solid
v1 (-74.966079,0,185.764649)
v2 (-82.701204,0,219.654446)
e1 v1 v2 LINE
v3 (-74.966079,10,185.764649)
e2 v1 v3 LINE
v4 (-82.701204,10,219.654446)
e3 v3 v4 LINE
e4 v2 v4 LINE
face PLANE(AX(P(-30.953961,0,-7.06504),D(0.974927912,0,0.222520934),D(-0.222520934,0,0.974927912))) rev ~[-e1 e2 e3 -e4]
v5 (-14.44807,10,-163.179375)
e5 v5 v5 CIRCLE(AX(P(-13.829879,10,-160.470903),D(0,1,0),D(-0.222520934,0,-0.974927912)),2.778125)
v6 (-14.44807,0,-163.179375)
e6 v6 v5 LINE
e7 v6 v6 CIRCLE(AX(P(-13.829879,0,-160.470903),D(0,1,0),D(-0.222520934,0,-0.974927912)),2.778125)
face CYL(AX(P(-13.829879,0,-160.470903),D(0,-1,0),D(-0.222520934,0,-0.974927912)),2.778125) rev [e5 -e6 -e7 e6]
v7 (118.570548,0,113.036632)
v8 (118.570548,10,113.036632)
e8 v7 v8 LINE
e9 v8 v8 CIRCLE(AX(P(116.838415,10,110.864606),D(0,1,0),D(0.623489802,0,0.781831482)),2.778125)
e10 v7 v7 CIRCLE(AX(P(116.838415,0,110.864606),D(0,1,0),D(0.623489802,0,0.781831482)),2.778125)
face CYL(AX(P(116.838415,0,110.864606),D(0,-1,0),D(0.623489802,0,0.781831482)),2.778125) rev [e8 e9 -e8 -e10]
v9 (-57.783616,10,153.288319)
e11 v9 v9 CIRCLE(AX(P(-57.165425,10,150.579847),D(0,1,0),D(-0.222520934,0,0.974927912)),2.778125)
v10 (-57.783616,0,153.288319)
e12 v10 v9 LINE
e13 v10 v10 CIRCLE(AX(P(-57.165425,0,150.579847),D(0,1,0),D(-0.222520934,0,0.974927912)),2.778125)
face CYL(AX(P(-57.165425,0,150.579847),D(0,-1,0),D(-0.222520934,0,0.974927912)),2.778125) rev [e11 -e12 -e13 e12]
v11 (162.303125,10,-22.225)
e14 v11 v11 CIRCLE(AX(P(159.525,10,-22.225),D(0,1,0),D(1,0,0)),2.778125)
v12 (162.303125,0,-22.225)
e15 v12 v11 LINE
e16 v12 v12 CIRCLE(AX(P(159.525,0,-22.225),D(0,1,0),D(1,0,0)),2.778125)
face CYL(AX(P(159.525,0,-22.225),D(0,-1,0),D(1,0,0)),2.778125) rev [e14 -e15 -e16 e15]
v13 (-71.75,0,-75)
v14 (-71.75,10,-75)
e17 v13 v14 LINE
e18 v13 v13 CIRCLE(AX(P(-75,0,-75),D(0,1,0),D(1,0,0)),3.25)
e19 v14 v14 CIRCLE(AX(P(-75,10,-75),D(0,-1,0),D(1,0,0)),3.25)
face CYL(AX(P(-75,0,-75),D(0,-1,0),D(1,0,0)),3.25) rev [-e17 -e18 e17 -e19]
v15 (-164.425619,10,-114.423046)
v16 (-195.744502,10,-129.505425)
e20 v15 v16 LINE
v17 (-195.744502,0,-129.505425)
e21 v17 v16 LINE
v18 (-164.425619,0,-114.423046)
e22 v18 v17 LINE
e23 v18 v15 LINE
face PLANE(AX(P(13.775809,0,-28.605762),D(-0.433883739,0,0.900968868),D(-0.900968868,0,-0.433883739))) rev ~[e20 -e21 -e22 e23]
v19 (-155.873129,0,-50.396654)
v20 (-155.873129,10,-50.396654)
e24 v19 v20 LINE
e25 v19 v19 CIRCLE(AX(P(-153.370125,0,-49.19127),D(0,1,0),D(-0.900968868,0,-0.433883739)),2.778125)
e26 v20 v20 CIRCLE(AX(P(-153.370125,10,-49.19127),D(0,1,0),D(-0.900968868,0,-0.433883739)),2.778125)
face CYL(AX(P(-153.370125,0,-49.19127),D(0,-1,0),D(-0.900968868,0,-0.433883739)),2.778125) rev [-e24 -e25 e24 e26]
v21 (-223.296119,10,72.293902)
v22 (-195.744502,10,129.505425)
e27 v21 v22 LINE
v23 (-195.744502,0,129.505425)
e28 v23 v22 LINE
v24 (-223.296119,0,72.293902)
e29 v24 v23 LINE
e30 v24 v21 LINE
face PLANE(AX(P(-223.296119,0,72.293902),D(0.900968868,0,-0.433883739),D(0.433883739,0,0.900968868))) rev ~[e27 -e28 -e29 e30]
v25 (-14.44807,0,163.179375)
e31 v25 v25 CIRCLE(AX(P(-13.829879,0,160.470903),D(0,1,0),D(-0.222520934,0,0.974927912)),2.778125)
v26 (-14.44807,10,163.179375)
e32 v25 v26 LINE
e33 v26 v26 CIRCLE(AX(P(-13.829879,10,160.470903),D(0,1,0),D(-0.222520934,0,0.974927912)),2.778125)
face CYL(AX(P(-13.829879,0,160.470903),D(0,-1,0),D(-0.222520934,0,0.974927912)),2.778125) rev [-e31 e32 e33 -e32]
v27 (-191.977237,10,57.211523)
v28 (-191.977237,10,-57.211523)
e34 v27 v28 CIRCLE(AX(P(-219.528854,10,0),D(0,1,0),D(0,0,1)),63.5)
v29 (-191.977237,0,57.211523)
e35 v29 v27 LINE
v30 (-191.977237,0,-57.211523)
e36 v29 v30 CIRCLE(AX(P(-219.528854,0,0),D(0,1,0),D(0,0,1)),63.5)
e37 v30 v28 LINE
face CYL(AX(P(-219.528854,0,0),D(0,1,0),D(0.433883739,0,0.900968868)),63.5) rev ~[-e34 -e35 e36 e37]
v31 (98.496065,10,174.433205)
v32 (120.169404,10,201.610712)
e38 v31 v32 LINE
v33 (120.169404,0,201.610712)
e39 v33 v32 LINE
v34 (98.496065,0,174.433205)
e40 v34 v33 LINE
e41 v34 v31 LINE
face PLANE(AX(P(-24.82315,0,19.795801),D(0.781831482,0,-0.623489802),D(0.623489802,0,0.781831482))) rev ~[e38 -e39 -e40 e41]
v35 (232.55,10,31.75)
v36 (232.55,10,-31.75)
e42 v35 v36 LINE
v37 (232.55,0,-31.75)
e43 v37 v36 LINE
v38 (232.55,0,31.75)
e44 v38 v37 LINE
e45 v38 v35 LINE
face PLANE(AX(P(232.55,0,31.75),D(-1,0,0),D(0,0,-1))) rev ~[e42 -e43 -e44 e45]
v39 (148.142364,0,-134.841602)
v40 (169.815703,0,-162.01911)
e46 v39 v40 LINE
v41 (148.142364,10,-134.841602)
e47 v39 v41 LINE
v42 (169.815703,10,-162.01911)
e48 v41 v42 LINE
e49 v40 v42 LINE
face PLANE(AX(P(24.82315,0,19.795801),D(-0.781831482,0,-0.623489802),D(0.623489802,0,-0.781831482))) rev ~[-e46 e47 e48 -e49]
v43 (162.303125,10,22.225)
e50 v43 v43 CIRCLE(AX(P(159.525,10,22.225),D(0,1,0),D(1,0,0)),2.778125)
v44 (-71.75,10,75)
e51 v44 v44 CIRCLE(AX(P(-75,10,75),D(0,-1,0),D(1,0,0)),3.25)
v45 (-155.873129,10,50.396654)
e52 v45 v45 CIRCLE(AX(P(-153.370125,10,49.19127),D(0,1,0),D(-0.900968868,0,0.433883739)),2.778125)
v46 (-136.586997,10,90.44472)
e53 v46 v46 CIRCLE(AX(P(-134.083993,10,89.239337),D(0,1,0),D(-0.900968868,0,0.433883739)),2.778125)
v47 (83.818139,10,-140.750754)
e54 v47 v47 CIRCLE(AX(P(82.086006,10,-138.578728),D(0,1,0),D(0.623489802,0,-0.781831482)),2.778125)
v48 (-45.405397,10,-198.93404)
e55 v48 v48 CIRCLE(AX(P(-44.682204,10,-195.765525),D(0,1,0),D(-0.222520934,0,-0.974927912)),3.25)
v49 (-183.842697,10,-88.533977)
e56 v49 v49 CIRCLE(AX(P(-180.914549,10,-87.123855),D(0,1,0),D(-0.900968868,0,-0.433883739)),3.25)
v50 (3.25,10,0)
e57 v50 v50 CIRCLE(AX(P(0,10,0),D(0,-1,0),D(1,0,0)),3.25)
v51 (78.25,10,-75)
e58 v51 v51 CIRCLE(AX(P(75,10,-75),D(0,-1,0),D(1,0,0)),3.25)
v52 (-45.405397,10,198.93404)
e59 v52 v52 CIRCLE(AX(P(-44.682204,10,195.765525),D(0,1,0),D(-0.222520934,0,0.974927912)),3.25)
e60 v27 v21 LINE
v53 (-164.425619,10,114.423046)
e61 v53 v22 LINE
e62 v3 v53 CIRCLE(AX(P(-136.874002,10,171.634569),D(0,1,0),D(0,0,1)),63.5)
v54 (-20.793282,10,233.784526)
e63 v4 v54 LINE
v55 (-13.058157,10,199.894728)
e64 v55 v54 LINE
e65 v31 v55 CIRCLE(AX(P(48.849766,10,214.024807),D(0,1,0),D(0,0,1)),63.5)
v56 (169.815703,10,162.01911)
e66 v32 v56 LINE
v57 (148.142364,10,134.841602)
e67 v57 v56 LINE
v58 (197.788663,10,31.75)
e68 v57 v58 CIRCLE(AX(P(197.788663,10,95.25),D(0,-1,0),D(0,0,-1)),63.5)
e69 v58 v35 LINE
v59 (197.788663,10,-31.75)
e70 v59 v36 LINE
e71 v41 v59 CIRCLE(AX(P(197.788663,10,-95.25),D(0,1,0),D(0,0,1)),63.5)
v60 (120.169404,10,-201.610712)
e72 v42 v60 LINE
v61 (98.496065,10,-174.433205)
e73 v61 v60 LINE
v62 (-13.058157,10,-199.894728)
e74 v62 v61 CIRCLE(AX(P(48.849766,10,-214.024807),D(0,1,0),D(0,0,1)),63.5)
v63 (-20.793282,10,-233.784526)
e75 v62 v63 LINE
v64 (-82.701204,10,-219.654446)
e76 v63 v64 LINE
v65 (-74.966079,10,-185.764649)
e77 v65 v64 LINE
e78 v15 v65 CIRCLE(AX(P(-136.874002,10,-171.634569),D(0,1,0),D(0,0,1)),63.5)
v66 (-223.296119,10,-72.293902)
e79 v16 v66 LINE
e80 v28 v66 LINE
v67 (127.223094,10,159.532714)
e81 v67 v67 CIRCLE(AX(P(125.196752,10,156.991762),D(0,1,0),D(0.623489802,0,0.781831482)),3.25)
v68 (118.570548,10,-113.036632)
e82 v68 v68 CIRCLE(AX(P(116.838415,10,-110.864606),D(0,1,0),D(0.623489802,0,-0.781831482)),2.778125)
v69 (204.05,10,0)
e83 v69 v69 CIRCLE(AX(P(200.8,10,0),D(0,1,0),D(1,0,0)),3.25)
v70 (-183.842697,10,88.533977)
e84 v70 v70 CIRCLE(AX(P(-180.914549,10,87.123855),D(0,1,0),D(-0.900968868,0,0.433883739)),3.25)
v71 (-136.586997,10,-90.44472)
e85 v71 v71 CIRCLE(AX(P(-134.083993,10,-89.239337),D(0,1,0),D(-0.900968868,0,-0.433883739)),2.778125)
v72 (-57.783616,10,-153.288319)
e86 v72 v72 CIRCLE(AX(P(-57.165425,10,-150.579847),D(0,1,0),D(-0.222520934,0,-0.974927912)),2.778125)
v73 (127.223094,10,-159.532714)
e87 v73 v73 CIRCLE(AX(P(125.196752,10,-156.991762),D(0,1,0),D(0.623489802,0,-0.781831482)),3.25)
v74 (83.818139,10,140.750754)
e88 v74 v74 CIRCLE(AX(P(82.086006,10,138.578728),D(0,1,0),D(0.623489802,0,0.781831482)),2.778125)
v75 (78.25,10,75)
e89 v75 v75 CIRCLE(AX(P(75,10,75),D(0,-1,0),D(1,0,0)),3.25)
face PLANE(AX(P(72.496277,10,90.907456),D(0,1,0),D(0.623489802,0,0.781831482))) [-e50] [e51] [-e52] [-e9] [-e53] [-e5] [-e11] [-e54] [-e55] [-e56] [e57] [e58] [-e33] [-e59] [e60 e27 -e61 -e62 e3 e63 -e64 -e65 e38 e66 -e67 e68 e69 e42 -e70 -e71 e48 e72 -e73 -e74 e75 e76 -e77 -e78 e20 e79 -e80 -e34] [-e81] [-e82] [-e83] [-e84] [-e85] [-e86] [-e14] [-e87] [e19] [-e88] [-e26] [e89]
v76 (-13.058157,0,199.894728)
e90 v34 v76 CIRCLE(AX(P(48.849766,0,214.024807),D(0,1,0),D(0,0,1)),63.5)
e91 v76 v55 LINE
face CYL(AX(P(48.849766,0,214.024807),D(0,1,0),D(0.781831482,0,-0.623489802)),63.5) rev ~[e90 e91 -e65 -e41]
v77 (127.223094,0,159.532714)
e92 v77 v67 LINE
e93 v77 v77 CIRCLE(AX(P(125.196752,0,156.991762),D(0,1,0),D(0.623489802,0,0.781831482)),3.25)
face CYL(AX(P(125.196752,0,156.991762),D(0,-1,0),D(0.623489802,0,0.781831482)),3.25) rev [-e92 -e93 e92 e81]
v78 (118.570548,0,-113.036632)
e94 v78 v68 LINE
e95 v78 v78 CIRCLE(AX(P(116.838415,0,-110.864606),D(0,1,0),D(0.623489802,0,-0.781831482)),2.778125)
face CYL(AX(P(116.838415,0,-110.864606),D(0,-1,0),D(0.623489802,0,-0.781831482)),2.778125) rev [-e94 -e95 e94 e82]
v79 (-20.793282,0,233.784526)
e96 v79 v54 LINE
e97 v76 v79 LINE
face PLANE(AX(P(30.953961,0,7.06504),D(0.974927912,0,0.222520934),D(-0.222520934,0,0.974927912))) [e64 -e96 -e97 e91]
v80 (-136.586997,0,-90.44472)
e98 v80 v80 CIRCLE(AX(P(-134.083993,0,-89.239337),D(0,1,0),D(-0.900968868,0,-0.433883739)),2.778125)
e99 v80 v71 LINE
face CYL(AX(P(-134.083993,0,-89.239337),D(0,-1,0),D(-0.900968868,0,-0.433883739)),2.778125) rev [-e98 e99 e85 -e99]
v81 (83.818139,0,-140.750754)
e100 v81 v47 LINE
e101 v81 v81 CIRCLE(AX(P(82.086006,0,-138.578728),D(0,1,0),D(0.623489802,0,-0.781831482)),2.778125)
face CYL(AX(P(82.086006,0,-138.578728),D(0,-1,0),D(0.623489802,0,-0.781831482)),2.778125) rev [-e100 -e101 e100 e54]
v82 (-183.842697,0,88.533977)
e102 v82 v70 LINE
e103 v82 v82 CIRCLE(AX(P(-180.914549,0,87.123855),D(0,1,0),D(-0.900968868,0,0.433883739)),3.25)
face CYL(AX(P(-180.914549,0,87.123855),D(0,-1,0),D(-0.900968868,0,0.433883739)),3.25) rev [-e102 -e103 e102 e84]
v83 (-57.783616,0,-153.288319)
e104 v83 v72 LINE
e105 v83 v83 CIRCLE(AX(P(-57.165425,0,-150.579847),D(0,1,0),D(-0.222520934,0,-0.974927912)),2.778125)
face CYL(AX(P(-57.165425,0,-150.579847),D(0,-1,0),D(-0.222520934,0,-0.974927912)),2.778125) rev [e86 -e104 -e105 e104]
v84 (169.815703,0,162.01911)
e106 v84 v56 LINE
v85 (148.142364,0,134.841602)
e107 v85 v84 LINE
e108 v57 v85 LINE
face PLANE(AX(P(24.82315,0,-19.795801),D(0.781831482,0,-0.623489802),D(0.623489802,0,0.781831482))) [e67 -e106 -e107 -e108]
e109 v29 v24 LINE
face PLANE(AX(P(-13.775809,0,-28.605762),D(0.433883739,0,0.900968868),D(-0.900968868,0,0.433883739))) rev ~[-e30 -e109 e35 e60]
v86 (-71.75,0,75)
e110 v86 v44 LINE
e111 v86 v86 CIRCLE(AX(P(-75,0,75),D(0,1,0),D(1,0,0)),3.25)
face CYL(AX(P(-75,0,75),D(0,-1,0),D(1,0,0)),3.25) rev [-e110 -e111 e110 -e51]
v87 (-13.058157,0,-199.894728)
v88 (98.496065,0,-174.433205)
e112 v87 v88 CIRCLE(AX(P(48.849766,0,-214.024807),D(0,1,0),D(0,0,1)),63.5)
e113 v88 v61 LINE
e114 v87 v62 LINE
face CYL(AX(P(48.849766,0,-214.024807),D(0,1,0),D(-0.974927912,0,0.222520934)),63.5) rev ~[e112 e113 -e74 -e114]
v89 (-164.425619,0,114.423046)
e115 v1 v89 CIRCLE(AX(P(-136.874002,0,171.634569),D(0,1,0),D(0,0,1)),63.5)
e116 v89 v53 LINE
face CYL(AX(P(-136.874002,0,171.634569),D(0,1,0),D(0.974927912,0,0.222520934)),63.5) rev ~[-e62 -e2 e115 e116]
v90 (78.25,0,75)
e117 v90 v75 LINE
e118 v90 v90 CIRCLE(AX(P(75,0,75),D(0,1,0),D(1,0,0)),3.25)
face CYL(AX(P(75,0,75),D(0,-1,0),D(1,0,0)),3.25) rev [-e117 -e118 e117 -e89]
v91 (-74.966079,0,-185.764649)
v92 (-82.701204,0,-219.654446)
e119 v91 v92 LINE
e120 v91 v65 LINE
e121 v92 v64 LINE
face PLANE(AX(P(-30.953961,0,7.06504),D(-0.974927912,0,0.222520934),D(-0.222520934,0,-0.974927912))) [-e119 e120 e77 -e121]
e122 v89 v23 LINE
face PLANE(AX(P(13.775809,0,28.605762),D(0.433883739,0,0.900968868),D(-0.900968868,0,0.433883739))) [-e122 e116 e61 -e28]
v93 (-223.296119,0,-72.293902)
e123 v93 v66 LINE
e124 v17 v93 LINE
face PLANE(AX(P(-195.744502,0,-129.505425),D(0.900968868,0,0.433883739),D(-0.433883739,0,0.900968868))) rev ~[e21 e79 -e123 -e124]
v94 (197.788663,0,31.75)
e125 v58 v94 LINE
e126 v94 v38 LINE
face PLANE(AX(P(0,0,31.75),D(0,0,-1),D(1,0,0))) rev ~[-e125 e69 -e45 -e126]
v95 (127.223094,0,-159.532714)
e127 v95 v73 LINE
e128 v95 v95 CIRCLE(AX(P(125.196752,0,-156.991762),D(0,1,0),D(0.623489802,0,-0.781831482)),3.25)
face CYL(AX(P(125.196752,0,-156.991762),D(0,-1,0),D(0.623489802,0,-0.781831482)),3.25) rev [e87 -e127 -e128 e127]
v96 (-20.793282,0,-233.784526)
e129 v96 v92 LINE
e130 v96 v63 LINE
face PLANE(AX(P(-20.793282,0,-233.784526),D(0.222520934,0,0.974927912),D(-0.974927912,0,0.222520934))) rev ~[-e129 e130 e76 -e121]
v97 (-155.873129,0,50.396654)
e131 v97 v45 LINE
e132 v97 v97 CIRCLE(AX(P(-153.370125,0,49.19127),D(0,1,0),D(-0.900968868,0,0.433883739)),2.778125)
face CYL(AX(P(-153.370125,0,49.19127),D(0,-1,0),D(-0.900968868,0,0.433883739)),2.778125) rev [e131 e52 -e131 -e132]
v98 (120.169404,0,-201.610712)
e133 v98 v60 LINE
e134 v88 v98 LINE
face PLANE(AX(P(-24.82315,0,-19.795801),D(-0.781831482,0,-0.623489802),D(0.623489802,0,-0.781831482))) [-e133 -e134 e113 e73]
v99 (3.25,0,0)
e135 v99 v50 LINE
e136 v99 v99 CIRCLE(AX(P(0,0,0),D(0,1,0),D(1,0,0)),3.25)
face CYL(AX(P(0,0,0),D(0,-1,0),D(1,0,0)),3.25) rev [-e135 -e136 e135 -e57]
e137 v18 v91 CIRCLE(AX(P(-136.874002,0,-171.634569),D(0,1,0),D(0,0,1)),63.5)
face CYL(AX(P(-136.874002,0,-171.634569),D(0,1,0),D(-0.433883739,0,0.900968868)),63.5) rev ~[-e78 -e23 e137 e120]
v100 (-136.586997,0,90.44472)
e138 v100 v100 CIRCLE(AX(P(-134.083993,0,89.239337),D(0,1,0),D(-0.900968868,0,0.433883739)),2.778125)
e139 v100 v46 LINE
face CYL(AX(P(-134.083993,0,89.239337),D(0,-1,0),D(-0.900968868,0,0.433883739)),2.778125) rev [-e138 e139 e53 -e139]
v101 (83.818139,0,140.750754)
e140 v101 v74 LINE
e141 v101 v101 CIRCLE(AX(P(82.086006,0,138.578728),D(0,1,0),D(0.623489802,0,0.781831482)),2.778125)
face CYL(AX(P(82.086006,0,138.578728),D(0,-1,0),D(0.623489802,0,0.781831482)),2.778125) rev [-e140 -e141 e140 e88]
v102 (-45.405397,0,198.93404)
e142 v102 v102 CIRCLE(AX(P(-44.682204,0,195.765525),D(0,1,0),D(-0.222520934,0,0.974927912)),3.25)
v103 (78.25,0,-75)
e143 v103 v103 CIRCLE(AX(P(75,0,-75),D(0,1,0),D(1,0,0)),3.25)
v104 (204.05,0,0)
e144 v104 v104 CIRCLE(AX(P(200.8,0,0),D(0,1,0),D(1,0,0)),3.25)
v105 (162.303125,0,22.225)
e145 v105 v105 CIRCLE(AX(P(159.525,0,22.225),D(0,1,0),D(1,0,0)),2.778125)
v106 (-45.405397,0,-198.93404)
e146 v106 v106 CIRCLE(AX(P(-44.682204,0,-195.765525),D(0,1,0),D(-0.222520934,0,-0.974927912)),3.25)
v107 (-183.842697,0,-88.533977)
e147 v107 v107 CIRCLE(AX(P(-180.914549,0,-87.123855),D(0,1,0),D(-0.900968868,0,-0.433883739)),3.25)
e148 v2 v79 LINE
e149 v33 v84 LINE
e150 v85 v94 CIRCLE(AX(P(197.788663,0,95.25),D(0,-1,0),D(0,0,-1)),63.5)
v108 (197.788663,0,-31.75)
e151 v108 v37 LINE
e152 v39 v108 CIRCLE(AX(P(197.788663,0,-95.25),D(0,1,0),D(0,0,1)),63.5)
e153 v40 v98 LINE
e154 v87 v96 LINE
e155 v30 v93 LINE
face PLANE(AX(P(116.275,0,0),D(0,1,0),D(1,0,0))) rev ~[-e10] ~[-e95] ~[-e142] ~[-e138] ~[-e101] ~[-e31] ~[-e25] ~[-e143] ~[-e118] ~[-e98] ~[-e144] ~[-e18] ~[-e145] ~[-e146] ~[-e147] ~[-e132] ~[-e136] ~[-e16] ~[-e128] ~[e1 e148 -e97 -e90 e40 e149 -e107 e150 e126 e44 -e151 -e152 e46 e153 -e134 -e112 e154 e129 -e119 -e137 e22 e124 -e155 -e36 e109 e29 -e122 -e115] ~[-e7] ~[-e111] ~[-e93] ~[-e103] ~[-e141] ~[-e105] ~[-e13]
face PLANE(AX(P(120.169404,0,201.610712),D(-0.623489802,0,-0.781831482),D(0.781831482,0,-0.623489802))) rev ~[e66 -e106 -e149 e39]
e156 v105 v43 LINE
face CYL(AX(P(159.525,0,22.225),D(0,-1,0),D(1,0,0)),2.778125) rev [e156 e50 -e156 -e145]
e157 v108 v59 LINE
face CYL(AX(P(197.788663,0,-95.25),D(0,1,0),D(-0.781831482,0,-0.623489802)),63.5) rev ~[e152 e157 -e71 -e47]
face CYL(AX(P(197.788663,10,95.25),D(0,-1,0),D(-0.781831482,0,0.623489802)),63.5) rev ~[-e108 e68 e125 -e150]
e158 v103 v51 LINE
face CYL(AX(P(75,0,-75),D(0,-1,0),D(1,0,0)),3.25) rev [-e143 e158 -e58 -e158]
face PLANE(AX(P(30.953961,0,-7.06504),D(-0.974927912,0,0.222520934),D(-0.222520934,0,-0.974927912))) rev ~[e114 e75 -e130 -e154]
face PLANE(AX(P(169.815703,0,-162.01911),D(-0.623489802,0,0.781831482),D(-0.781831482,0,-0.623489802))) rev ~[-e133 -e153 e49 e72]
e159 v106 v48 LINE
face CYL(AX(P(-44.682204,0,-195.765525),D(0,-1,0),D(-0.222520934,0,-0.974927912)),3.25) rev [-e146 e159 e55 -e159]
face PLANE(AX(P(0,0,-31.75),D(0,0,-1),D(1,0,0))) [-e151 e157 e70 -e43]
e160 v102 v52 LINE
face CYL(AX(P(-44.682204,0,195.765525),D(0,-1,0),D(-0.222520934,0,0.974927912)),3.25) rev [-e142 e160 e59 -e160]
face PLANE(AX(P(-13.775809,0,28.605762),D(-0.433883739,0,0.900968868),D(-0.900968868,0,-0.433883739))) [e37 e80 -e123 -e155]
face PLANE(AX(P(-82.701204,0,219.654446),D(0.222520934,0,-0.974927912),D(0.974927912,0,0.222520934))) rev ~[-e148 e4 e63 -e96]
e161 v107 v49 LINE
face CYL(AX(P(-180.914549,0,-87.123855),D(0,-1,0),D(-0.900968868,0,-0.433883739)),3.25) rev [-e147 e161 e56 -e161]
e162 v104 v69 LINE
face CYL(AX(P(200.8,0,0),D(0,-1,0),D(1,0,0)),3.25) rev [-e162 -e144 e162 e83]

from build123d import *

# Parameters (mm, degrees)
SKETCH3_W           = 232.55
SKETCH3_H           = 63.5
SKETCH3_R           = 3.25
SKETCH3_R_2         = 2.778125
BOSS_EXTRUDE1_DEPTH = 10
CIRPATTERN1_COUNT   = 7
FILLET1_R           = 63.5
SKETCH5_R           = 3.25
CUT_EXTRUDE4_DEPTH  = 11


with BuildPart() as part:
    # Sketch3 → Boss-Extrude1 (new body)
    with BuildSketch(Plane(origin=(0, 0, 0), x_dir=(1, 0, 0), z_dir=(0, 1, 0))):
        with Locations((116.275, 0)):
            Rectangle(SKETCH3_W, SKETCH3_H)
        with Locations((200.8, 0)):
            Circle(SKETCH3_R, mode=Mode.SUBTRACT)
        with Locations((159.525, 22.225)):
            Circle(SKETCH3_R_2, mode=Mode.SUBTRACT)
        with Locations((159.525, -22.225)):
            Circle(SKETCH3_R_2, mode=Mode.SUBTRACT)
    boss_extrude1 = extrude(amount=BOSS_EXTRUDE1_DEPTH)

    # CirPattern1: Boss-Extrude1 ×7 about axis
    cirpattern1_axis = Axis((0, 0, 0), (0, 1, 0))
    for i in range(1, CIRPATTERN1_COUNT):
        add(boss_extrude1.rotate(cirpattern1_axis, i * 360 / CIRPATTERN1_COUNT))

    # Fillet1
    fillet1_edges = [part.edges().sort_by_distance(p)[0] for p in [
        (65.929554341, 5, 31.75),
        (65.929554341, 5, -31.75),
        (16.283255204, 5, 71.341602418),
        (-45.624667219, 5, 57.211523112),
        (-73.176284653, 5, 0),
        (-45.624667219, 5, -57.211523112),
        (16.283255204, 5, -71.341602418),
    ]]
    fillet(fillet1_edges, radius=FILLET1_R)

    # Sketch5 → Cut-Extrude4 (cut, through all)
    with BuildSketch(Plane(origin=(0, 0, 0), x_dir=(1, 0, 0), z_dir=(0, 1, 0))):
        with Locations((-75, 75)):
            Circle(SKETCH5_R)
        with Locations((75, 75)):
            Circle(SKETCH5_R)
        with Locations((75, -75)):
            Circle(SKETCH5_R)
        with Locations((-75, -75)):
            Circle(SKETCH5_R)
        Circle(SKETCH5_R)
    extrude(amount=CUT_EXTRUDE4_DEPTH, mode=Mode.SUBTRACT)


solid = part.part
